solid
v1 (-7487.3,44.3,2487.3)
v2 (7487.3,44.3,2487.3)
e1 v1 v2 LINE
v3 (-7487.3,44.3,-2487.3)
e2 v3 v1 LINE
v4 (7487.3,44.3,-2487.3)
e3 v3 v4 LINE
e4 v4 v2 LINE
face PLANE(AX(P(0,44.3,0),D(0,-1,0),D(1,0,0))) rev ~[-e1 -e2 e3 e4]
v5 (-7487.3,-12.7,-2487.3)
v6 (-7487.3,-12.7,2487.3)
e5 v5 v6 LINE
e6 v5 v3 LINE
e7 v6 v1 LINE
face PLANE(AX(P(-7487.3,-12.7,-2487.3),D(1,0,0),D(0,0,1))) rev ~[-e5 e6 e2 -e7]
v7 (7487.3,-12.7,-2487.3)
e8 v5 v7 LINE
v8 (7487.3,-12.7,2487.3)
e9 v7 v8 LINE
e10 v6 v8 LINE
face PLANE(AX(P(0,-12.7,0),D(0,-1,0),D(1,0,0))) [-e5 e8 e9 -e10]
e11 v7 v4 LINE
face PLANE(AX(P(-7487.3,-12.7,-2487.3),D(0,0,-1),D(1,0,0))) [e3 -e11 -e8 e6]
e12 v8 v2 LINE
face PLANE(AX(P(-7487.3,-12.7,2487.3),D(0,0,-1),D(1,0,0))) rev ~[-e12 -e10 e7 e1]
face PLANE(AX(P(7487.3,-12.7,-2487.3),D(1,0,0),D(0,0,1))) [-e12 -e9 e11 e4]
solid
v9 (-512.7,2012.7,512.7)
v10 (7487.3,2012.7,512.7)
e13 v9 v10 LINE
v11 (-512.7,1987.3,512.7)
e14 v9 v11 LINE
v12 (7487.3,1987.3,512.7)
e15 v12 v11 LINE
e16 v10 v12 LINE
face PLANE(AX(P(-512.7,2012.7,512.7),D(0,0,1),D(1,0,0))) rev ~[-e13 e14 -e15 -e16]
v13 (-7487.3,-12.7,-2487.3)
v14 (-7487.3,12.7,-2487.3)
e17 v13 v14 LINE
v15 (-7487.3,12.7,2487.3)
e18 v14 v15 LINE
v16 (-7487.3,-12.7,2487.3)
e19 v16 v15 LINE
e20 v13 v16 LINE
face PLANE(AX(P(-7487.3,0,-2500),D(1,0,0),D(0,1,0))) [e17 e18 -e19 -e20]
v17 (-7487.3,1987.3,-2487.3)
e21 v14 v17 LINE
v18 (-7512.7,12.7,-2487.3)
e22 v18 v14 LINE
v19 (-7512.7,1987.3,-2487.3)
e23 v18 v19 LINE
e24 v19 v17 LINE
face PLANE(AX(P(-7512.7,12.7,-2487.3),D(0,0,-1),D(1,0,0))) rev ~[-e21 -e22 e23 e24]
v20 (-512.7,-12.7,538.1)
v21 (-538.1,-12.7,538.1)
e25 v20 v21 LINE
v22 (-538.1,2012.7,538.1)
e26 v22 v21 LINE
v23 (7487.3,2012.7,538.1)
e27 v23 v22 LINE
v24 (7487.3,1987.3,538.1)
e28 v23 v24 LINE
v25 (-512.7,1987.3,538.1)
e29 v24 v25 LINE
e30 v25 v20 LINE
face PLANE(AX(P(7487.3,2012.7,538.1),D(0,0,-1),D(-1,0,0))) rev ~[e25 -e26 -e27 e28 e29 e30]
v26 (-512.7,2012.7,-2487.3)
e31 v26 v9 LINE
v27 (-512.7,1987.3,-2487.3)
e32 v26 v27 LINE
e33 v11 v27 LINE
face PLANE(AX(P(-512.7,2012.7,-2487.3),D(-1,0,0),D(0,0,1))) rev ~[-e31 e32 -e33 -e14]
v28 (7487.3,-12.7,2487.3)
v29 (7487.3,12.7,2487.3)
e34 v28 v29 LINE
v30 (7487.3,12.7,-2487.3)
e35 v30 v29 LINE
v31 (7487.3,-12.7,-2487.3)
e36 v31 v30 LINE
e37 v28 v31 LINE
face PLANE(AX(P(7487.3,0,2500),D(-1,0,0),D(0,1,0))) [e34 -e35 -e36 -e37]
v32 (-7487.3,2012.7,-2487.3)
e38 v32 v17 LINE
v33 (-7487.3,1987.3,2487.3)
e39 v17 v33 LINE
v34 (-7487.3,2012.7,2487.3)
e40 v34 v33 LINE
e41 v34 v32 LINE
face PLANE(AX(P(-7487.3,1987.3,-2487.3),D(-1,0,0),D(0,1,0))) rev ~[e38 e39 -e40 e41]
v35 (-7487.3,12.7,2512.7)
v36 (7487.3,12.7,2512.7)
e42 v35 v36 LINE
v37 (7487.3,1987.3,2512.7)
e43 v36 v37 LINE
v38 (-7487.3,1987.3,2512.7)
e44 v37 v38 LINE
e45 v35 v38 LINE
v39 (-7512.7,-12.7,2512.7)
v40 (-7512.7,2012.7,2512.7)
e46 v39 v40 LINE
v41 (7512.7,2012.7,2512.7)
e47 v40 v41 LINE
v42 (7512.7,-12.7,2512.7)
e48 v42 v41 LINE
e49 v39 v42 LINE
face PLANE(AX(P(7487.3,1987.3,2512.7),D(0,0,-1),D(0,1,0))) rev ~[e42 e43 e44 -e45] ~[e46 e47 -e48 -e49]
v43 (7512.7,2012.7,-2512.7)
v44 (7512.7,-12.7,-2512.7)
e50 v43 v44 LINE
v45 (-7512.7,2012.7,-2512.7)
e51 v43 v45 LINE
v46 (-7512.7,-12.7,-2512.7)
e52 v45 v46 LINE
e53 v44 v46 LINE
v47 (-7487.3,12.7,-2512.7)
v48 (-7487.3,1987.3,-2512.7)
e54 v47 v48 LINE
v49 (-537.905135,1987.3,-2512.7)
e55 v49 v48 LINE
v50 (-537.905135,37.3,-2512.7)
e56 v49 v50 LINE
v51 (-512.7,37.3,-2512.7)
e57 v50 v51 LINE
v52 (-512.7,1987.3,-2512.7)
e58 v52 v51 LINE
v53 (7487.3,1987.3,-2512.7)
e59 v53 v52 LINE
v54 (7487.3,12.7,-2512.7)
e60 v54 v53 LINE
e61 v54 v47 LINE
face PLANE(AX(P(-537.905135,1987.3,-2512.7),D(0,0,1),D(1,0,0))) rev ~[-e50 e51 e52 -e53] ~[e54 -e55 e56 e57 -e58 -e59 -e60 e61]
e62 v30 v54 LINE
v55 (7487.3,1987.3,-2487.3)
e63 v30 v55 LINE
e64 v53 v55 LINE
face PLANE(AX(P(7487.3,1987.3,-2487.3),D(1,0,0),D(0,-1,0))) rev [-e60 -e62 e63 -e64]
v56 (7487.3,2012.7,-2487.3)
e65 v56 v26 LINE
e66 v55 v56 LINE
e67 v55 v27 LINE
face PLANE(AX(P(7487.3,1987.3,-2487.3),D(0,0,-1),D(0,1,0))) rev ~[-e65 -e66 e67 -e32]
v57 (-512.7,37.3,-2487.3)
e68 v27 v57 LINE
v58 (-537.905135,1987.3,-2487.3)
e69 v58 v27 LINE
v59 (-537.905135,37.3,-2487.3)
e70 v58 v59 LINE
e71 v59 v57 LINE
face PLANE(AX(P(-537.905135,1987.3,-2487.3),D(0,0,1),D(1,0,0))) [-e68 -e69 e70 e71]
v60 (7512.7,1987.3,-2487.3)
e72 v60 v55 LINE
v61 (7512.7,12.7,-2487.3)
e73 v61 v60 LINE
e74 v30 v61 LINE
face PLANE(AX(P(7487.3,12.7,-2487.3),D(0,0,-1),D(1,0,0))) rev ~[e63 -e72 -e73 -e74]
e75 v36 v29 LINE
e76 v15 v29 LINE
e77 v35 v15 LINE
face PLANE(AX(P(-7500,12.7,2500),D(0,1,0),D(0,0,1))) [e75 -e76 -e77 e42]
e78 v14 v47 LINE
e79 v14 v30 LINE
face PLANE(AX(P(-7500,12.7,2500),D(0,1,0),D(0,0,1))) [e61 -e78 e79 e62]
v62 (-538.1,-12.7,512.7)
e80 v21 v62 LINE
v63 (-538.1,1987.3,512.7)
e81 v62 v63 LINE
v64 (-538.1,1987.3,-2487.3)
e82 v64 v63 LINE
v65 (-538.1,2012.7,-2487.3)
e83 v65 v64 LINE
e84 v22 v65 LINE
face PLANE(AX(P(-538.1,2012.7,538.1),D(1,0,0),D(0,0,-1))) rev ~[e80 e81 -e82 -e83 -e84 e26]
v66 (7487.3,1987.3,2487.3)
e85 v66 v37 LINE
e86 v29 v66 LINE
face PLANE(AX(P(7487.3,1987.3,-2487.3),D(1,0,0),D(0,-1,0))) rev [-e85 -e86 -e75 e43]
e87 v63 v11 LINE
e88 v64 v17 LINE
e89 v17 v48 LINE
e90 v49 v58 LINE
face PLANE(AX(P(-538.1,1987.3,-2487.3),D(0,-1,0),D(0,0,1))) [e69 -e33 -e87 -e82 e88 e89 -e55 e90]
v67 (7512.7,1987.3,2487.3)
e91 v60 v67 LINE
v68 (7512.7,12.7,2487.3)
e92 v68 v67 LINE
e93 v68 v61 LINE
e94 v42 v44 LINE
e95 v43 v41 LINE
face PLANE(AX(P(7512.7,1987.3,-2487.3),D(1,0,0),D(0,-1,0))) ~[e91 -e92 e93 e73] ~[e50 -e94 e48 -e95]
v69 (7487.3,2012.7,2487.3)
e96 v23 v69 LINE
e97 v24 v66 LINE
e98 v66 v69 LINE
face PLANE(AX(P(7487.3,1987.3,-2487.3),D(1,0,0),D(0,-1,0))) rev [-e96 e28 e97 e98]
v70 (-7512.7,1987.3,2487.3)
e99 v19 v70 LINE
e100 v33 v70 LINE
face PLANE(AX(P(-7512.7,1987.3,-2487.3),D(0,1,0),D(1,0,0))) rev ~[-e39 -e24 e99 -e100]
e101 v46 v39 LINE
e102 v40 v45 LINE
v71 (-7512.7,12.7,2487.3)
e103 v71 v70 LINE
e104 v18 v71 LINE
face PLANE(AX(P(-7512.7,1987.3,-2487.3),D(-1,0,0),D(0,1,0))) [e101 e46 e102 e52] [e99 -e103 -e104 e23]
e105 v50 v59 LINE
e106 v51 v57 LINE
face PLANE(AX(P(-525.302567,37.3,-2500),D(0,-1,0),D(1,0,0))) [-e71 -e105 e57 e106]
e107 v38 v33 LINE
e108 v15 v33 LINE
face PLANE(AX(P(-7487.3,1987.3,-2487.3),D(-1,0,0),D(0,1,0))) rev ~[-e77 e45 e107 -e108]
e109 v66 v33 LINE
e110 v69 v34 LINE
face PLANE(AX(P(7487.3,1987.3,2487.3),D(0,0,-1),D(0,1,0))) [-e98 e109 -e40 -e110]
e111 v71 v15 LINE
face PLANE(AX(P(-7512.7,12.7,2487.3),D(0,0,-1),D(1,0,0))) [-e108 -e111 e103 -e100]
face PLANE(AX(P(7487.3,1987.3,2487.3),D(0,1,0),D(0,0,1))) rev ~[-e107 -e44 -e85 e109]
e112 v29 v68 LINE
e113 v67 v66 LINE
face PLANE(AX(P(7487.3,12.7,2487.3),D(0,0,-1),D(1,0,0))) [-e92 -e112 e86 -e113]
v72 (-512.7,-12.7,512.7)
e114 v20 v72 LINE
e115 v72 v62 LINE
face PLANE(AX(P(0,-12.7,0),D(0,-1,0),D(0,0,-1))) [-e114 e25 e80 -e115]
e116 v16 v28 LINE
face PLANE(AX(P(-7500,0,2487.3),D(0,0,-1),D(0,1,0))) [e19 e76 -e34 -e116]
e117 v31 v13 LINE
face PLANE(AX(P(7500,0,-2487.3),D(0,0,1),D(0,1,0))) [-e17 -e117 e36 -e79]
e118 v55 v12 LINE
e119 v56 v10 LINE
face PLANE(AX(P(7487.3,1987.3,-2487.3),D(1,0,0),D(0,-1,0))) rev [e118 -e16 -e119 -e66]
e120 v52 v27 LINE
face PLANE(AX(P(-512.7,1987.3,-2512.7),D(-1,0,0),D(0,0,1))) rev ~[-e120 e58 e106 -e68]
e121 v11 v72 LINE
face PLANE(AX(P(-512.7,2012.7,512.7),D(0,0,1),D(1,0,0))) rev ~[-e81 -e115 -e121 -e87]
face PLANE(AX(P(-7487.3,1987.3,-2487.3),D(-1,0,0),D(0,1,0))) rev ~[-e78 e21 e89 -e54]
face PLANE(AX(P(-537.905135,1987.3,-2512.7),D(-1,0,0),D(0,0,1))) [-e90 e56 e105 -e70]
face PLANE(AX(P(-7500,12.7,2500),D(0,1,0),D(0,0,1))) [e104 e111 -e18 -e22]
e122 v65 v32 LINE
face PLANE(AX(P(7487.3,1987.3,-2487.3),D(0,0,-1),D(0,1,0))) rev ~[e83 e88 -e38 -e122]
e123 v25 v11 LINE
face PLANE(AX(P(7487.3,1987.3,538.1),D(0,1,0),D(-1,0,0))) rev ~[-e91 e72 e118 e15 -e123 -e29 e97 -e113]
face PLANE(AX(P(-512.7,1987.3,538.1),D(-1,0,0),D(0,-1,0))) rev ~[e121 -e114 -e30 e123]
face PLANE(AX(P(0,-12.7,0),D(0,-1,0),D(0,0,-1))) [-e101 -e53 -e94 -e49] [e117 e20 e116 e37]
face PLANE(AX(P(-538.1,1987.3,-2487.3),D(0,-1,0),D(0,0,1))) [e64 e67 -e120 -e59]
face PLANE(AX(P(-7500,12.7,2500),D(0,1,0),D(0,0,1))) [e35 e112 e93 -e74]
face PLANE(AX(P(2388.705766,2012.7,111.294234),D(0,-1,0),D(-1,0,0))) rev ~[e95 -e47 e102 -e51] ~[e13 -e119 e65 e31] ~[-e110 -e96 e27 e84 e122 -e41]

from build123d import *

# Parameters (mm, degrees)
CROQUIS2_W              = 25.4
CROQUIS2_H              = 25.4
CROQUIS3_W              = 25.4
CROQUIS3_H              = 25.4
SALIENTE_EXTRUIR1_DEPTH = 2000
CROQUIS4_W              = 25.4
CROQUIS4_H              = 25.4
SALIENTE_EXTRUIR2_DEPTH = 4993
CROQUIS5_W              = 25.4
CROQUIS5_H              = 25.4
SALIENTE_EXTRUIR3_DEPTH = 14977
SALIENTE_EXTRUIR5_REACH = 8178.587
CROQUIS9_W              = 3000
CROQUIS9_H              = 2000
CORTAR_EXTRUIR2_DEPTH   = 3769
CORTAR_EXTRUIR3_DEPTH   = 1551
CROQUIS12_W             = 14974.6
CROQUIS12_H             = 4974.6
SALIENTE_EXTRUIR7_DEPTH = 57
CROQUIS13_W             = 25.205134762
CROQUIS13_H             = 25.4
SALIENTE_EXTRUIR8_DEPTH = 1950


with BuildPart() as part:
    # Barrer1: sweep along a path in Croquis1
    with BuildLine(Plane(origin=(0, 0, 0), x_dir=(1, 0, 0), z_dir=(0, 1, 0))) as barrer1_path:
        Line((-7500, -2500), (7500, -2500))
        Line((7500, -2500), (7500, 2500))
        Line((7500, 2500), (-7500, 2500))
        Line((-7500, 2500), (-7500, -2500))
    # Croquis2 → Barrer1 (sweep)
    with BuildSketch(Plane(origin=(0, 0, 0), x_dir=(0, 0, -1), z_dir=(1, 0, 0))):
        with Locations((-2500, 0)):
            Rectangle(CROQUIS2_W, CROQUIS2_H)
    sweep(path=barrer1_path.line, transition=Transition.RIGHT)

    # Croquis3 → Saliente-Extruir1 (add)
    with BuildSketch(Plane(origin=(0, 12.7, 0), x_dir=(1, 0, 0), z_dir=(0, 1, 0))):
        with Locations((-7500, 2500)):
            Rectangle(CROQUIS3_W, CROQUIS3_H)
        with Locations((-7500, -2500)):
            Rectangle(CROQUIS3_W, CROQUIS3_H)
        with Locations((7500, -2500)):
            Rectangle(CROQUIS3_W, CROQUIS3_H)
        with Locations((7500, 2500)):
            Rectangle(CROQUIS3_W, CROQUIS3_H)
    extrude(amount=SALIENTE_EXTRUIR1_DEPTH)

    # Croquis4 → Saliente-Extruir2 (add)
    with BuildSketch(Plane.XY.offset(-2487.3)):
        with Locations((-7500, 2000)):
            Rectangle(CROQUIS4_W, CROQUIS4_H)
    saliente_extruir2 = extrude(amount=SALIENTE_EXTRUIR2_DEPTH)

    # Simetría1: Saliente-Extruir2 across plane
    add(saliente_extruir2.mirror(Plane(origin=(0, 0, 0), x_dir=(0, 0, 1), z_dir=(1, 0, 0))))

    # Croquis5 → Saliente-Extruir3 (add)
    with BuildSketch(Plane.ZY.offset(-7487.3)):
        with Locations((2500, 2000)):
            Rectangle(CROQUIS5_W, CROQUIS5_H)
        with Locations((-2500, 2000)):
            Rectangle(CROQUIS5_W, CROQUIS5_H)
    extrude(amount=SALIENTE_EXTRUIR3_DEPTH)

    # Saliente-Extruir5: up to this face of the body (flat: up to its plane)
    saliente_extruir5_end = Plane(part.part.faces().sort_by_distance((0, -12.7, 2496.856474814))[0])
    # Croquis8 → Saliente-Extruir5 (add, up to the picked face)
    with BuildSketch(Plane(origin=(0, 2012.7, 0), x_dir=(1, 0, 0), z_dir=(0, 1, 0)), mode=Mode.PRIVATE) as saliente_extruir5_sk1:
        Polygon((-512.7, 2487.3), (-512.7, -512.7), (7487.3, -512.7), (7487.3, -538.1), (-538.1, -538.1), (-538.1, 2487.3), align=None)
    saliente_extruir5_tool1 = split(extrude(saliente_extruir5_sk1.sketch, amount=-SALIENTE_EXTRUIR5_REACH, mode=Mode.PRIVATE), bisect_by=saliente_extruir5_end, keep=Keep.BOTH, mode=Mode.PRIVATE)
    add(saliente_extruir5_tool1.solids().sort_by(Axis((-521.276718, 2012.7, -987.3), (0, -1, 0)))[0])

    # Croquis9 → Cortar-Extruir2 (cut)
    with BuildSketch(Plane.ZY.offset(538.1)):
        with Locations((-987.3, 987.3)):
            Rectangle(CROQUIS9_W, CROQUIS9_H)
    extrude(amount=-CORTAR_EXTRUIR2_DEPTH, mode=Mode.SUBTRACT)

    # Croquis11 → Cortar-Extruir3 (cut)
    with BuildSketch(Plane.XY.offset(538.1)):
        Polygon((-512.7, 1987.3), (-512.7, 12.7), (-512.7, -12.7), (7487.3, -12.7), (7487.3, 1987.3), align=None)
    extrude(amount=-CORTAR_EXTRUIR3_DEPTH, mode=Mode.SUBTRACT)

    # Croquis13 → Saliente-Extruir8 (add)
    with BuildSketch(Plane.XZ.offset(-1987.3)):
        with Locations((-525.302567381, -2500)):
            Rectangle(CROQUIS13_W, CROQUIS13_H)
    extrude(amount=SALIENTE_EXTRUIR8_DEPTH)


with BuildPart() as body_2:
    # Croquis12 → Saliente-Extruir7 (new body)
    with BuildSketch(Plane.XZ.offset(12.7)):
        Rectangle(CROQUIS12_W, CROQUIS12_H)
    extrude(amount=-SALIENTE_EXTRUIR7_DEPTH)


solid = Compound([part.part, body_2.part])
